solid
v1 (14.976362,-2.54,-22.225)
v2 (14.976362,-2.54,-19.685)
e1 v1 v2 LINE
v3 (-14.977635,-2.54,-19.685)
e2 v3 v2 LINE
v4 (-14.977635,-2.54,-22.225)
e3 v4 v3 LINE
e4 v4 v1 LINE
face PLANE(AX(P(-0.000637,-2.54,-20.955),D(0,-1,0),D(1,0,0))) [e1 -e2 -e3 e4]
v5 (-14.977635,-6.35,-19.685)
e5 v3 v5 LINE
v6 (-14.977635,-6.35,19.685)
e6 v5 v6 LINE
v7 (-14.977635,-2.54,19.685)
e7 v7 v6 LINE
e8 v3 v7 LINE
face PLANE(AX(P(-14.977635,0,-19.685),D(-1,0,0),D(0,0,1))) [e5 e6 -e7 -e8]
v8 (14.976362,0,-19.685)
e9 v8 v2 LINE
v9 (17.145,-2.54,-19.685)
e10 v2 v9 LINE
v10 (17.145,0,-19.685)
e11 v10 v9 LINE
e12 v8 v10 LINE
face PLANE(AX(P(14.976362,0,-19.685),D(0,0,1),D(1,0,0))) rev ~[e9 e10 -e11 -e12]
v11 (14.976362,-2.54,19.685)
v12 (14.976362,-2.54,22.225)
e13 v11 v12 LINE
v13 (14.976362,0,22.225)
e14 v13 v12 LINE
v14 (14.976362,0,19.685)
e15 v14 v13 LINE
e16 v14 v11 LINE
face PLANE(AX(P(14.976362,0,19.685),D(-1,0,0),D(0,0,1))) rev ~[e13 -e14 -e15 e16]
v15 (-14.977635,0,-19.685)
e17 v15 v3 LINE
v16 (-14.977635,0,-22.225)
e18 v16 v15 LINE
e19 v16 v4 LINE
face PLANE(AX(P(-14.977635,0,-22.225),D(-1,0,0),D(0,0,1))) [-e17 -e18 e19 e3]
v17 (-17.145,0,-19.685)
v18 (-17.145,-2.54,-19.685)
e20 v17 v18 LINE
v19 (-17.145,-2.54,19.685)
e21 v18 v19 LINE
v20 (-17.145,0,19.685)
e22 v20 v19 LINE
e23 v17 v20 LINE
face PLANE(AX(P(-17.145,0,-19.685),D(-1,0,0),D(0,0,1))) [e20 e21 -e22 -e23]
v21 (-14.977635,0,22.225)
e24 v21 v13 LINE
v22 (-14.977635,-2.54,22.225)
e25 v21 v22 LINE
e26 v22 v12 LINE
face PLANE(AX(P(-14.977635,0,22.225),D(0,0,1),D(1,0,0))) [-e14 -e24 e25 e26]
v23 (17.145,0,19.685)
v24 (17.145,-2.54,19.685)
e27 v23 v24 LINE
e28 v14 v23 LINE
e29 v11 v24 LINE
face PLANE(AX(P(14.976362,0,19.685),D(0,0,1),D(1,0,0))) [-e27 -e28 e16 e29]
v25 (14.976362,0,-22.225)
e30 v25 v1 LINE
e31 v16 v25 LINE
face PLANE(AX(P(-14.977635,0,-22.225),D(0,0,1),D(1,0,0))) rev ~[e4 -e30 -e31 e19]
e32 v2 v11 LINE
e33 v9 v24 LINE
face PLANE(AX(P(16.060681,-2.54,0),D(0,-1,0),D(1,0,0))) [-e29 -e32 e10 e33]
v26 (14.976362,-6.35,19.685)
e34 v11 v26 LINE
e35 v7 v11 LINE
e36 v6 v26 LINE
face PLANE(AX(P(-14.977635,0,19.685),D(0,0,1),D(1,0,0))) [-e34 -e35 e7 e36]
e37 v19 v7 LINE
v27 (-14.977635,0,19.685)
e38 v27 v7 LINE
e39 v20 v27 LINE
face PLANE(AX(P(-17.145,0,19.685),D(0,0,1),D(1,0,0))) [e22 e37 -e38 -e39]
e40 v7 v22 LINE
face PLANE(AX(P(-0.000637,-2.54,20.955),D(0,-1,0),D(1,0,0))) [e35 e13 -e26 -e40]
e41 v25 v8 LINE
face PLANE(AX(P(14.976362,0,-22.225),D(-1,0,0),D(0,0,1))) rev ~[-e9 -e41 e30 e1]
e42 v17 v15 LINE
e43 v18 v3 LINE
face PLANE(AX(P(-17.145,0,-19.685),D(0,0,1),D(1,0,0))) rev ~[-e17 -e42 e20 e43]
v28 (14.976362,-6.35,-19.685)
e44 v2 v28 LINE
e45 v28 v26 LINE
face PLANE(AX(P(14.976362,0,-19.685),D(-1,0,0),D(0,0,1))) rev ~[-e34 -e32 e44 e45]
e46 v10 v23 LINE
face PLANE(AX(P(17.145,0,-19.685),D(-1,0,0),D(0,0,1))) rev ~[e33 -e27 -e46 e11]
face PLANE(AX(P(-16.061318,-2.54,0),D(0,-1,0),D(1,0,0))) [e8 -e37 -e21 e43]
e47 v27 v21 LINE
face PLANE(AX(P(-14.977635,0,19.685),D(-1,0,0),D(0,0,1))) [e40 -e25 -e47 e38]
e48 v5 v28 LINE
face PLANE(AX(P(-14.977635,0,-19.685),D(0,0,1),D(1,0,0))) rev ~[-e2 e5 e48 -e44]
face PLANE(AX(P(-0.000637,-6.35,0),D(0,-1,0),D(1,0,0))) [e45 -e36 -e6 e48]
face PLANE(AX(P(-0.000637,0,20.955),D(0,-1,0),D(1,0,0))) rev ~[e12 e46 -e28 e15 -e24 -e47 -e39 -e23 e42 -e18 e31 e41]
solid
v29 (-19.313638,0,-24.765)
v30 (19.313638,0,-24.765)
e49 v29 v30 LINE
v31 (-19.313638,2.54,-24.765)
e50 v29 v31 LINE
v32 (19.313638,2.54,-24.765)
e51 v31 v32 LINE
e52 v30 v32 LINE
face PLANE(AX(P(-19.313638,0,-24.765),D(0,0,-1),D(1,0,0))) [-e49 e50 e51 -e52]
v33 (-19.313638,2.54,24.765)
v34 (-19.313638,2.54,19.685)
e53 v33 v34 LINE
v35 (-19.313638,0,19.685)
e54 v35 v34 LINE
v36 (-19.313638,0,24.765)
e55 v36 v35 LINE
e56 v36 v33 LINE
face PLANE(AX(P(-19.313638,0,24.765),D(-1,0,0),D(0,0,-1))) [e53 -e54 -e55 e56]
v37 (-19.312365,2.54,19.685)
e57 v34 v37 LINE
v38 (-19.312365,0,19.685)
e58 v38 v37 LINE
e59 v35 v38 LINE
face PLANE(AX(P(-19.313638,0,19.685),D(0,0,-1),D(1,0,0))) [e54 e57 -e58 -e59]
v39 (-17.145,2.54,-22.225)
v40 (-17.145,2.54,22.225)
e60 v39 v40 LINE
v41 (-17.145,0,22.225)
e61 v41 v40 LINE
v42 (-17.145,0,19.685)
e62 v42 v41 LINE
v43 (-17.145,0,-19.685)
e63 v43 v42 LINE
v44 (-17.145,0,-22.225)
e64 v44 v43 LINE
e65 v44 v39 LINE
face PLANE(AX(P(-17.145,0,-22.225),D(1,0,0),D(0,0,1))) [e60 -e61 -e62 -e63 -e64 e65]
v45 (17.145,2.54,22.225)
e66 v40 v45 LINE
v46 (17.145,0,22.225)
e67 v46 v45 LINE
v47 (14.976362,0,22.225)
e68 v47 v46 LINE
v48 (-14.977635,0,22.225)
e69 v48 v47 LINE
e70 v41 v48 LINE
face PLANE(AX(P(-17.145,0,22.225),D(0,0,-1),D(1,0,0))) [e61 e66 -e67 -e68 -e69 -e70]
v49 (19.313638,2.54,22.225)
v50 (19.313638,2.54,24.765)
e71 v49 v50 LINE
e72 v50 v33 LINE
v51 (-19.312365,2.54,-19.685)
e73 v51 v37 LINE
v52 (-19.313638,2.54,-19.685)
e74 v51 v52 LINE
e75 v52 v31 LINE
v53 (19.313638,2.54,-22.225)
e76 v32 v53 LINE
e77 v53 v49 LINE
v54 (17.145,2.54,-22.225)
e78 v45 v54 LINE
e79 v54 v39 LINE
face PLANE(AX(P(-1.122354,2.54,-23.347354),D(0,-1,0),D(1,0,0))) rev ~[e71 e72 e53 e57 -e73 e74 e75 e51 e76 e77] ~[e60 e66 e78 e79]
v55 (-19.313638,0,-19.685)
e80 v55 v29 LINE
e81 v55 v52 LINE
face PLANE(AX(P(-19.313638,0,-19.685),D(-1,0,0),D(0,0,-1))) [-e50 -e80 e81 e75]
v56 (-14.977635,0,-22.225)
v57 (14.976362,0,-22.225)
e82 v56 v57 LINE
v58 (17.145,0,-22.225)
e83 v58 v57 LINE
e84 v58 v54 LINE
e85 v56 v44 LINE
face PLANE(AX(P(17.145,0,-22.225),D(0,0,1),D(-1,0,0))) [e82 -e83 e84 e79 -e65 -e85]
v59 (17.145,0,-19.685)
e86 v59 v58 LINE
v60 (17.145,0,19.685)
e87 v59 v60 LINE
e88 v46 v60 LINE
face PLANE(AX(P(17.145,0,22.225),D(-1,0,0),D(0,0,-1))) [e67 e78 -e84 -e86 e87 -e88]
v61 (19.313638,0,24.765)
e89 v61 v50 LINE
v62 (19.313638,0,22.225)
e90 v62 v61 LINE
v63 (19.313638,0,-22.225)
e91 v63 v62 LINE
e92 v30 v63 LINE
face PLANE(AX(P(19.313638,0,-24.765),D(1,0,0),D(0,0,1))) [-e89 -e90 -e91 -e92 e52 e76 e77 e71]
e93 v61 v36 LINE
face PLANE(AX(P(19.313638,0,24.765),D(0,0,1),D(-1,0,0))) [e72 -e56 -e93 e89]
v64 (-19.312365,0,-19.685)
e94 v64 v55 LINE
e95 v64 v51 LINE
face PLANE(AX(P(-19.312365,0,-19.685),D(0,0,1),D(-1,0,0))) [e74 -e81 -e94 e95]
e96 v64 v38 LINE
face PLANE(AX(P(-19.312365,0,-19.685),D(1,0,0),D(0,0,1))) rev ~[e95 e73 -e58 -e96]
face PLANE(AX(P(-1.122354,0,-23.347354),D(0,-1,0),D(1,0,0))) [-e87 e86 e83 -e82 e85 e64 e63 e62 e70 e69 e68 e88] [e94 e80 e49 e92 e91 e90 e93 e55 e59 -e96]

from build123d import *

# Parameters (mm, degrees)
F0_W     = 29.9539973129
F0_H     = 39.37
F1_DEPTH = 6.35
F0_W_2   = 2.1686380141
F0_H_2   = 2.54
F0_W_3   = 2.167364673
F2_DEPTH = 2.54
F3_DEPTH = 2.54


with BuildPart() as f1:
    # F0 (on Front) → F1 (new body)
    with BuildSketch(Plane.XZ):
        with Locations((-0.0006366705, 0)):
            Rectangle(F0_W, F0_H)
    extrude(amount=F1_DEPTH)



with BuildPart() as f2:
    # F0 (on Front) → F2 (new body)
    with BuildSketch(Plane.XZ):
        Polygon((19.3136380141, -22.225), (17.145, -22.225), (14.9763619859, -22.225), (-14.977635327, -22.225), (-17.145, -22.225), (-19.312364673, -22.225), (-19.312364673, -19.685), (-19.3136380141, -19.685), (-19.3136380141, -24.765), (19.3136380141, -24.765), align=None)
        with Locations((18.2293190071, -20.955)):
            Rectangle(F0_W_2, F0_H_2)
        with Locations((18.2293190071, 0)):
            Rectangle(F0_W_2, F0_H)
        with Locations((18.2293190071, 20.955)):
            Rectangle(F0_W_2, F0_H_2)
        with Locations((-18.2286823365, -20.955)):
            Rectangle(F0_W_3, F0_H_2)
        Polygon((14.9763619859, 22.225), (17.145, 22.225), (19.3136380141, 22.225), (19.3136380141, 24.765), (-19.3136380141, 24.765), (-19.3136380141, 19.685), (-19.312364673, 19.685), (-19.312364673, 22.225), (-17.145, 22.225), (-14.977635327, 22.225), align=None)
        with Locations((-18.2286823365, 0)):
            Rectangle(F0_W_3, F0_H)
        with Locations((-18.2286823365, 20.955)):
            Rectangle(F0_W_3, F0_H_2)
    extrude(amount=-F2_DEPTH)


with BuildPart() as f1_1:
    add(f1.part)

    add(f2.part)  # F3 merges F2
    # F0 (on Front) → F3 (join)
    with BuildSketch(Plane.XZ):
        with Locations((-0.0006366705, 20.955)):
            Rectangle(F0_W, F0_H_2)
        with Locations((16.0606809929, 0)):
            Rectangle(F0_W_2, F0_H)
        with Locations((-0.0006366705, -20.955)):
            Rectangle(F0_W, F0_H_2)
        with Locations((-16.0613176635, 0)):
            Rectangle(F0_W_3, F0_H)
    extrude(amount=F3_DEPTH)


solid = f1_1.part
